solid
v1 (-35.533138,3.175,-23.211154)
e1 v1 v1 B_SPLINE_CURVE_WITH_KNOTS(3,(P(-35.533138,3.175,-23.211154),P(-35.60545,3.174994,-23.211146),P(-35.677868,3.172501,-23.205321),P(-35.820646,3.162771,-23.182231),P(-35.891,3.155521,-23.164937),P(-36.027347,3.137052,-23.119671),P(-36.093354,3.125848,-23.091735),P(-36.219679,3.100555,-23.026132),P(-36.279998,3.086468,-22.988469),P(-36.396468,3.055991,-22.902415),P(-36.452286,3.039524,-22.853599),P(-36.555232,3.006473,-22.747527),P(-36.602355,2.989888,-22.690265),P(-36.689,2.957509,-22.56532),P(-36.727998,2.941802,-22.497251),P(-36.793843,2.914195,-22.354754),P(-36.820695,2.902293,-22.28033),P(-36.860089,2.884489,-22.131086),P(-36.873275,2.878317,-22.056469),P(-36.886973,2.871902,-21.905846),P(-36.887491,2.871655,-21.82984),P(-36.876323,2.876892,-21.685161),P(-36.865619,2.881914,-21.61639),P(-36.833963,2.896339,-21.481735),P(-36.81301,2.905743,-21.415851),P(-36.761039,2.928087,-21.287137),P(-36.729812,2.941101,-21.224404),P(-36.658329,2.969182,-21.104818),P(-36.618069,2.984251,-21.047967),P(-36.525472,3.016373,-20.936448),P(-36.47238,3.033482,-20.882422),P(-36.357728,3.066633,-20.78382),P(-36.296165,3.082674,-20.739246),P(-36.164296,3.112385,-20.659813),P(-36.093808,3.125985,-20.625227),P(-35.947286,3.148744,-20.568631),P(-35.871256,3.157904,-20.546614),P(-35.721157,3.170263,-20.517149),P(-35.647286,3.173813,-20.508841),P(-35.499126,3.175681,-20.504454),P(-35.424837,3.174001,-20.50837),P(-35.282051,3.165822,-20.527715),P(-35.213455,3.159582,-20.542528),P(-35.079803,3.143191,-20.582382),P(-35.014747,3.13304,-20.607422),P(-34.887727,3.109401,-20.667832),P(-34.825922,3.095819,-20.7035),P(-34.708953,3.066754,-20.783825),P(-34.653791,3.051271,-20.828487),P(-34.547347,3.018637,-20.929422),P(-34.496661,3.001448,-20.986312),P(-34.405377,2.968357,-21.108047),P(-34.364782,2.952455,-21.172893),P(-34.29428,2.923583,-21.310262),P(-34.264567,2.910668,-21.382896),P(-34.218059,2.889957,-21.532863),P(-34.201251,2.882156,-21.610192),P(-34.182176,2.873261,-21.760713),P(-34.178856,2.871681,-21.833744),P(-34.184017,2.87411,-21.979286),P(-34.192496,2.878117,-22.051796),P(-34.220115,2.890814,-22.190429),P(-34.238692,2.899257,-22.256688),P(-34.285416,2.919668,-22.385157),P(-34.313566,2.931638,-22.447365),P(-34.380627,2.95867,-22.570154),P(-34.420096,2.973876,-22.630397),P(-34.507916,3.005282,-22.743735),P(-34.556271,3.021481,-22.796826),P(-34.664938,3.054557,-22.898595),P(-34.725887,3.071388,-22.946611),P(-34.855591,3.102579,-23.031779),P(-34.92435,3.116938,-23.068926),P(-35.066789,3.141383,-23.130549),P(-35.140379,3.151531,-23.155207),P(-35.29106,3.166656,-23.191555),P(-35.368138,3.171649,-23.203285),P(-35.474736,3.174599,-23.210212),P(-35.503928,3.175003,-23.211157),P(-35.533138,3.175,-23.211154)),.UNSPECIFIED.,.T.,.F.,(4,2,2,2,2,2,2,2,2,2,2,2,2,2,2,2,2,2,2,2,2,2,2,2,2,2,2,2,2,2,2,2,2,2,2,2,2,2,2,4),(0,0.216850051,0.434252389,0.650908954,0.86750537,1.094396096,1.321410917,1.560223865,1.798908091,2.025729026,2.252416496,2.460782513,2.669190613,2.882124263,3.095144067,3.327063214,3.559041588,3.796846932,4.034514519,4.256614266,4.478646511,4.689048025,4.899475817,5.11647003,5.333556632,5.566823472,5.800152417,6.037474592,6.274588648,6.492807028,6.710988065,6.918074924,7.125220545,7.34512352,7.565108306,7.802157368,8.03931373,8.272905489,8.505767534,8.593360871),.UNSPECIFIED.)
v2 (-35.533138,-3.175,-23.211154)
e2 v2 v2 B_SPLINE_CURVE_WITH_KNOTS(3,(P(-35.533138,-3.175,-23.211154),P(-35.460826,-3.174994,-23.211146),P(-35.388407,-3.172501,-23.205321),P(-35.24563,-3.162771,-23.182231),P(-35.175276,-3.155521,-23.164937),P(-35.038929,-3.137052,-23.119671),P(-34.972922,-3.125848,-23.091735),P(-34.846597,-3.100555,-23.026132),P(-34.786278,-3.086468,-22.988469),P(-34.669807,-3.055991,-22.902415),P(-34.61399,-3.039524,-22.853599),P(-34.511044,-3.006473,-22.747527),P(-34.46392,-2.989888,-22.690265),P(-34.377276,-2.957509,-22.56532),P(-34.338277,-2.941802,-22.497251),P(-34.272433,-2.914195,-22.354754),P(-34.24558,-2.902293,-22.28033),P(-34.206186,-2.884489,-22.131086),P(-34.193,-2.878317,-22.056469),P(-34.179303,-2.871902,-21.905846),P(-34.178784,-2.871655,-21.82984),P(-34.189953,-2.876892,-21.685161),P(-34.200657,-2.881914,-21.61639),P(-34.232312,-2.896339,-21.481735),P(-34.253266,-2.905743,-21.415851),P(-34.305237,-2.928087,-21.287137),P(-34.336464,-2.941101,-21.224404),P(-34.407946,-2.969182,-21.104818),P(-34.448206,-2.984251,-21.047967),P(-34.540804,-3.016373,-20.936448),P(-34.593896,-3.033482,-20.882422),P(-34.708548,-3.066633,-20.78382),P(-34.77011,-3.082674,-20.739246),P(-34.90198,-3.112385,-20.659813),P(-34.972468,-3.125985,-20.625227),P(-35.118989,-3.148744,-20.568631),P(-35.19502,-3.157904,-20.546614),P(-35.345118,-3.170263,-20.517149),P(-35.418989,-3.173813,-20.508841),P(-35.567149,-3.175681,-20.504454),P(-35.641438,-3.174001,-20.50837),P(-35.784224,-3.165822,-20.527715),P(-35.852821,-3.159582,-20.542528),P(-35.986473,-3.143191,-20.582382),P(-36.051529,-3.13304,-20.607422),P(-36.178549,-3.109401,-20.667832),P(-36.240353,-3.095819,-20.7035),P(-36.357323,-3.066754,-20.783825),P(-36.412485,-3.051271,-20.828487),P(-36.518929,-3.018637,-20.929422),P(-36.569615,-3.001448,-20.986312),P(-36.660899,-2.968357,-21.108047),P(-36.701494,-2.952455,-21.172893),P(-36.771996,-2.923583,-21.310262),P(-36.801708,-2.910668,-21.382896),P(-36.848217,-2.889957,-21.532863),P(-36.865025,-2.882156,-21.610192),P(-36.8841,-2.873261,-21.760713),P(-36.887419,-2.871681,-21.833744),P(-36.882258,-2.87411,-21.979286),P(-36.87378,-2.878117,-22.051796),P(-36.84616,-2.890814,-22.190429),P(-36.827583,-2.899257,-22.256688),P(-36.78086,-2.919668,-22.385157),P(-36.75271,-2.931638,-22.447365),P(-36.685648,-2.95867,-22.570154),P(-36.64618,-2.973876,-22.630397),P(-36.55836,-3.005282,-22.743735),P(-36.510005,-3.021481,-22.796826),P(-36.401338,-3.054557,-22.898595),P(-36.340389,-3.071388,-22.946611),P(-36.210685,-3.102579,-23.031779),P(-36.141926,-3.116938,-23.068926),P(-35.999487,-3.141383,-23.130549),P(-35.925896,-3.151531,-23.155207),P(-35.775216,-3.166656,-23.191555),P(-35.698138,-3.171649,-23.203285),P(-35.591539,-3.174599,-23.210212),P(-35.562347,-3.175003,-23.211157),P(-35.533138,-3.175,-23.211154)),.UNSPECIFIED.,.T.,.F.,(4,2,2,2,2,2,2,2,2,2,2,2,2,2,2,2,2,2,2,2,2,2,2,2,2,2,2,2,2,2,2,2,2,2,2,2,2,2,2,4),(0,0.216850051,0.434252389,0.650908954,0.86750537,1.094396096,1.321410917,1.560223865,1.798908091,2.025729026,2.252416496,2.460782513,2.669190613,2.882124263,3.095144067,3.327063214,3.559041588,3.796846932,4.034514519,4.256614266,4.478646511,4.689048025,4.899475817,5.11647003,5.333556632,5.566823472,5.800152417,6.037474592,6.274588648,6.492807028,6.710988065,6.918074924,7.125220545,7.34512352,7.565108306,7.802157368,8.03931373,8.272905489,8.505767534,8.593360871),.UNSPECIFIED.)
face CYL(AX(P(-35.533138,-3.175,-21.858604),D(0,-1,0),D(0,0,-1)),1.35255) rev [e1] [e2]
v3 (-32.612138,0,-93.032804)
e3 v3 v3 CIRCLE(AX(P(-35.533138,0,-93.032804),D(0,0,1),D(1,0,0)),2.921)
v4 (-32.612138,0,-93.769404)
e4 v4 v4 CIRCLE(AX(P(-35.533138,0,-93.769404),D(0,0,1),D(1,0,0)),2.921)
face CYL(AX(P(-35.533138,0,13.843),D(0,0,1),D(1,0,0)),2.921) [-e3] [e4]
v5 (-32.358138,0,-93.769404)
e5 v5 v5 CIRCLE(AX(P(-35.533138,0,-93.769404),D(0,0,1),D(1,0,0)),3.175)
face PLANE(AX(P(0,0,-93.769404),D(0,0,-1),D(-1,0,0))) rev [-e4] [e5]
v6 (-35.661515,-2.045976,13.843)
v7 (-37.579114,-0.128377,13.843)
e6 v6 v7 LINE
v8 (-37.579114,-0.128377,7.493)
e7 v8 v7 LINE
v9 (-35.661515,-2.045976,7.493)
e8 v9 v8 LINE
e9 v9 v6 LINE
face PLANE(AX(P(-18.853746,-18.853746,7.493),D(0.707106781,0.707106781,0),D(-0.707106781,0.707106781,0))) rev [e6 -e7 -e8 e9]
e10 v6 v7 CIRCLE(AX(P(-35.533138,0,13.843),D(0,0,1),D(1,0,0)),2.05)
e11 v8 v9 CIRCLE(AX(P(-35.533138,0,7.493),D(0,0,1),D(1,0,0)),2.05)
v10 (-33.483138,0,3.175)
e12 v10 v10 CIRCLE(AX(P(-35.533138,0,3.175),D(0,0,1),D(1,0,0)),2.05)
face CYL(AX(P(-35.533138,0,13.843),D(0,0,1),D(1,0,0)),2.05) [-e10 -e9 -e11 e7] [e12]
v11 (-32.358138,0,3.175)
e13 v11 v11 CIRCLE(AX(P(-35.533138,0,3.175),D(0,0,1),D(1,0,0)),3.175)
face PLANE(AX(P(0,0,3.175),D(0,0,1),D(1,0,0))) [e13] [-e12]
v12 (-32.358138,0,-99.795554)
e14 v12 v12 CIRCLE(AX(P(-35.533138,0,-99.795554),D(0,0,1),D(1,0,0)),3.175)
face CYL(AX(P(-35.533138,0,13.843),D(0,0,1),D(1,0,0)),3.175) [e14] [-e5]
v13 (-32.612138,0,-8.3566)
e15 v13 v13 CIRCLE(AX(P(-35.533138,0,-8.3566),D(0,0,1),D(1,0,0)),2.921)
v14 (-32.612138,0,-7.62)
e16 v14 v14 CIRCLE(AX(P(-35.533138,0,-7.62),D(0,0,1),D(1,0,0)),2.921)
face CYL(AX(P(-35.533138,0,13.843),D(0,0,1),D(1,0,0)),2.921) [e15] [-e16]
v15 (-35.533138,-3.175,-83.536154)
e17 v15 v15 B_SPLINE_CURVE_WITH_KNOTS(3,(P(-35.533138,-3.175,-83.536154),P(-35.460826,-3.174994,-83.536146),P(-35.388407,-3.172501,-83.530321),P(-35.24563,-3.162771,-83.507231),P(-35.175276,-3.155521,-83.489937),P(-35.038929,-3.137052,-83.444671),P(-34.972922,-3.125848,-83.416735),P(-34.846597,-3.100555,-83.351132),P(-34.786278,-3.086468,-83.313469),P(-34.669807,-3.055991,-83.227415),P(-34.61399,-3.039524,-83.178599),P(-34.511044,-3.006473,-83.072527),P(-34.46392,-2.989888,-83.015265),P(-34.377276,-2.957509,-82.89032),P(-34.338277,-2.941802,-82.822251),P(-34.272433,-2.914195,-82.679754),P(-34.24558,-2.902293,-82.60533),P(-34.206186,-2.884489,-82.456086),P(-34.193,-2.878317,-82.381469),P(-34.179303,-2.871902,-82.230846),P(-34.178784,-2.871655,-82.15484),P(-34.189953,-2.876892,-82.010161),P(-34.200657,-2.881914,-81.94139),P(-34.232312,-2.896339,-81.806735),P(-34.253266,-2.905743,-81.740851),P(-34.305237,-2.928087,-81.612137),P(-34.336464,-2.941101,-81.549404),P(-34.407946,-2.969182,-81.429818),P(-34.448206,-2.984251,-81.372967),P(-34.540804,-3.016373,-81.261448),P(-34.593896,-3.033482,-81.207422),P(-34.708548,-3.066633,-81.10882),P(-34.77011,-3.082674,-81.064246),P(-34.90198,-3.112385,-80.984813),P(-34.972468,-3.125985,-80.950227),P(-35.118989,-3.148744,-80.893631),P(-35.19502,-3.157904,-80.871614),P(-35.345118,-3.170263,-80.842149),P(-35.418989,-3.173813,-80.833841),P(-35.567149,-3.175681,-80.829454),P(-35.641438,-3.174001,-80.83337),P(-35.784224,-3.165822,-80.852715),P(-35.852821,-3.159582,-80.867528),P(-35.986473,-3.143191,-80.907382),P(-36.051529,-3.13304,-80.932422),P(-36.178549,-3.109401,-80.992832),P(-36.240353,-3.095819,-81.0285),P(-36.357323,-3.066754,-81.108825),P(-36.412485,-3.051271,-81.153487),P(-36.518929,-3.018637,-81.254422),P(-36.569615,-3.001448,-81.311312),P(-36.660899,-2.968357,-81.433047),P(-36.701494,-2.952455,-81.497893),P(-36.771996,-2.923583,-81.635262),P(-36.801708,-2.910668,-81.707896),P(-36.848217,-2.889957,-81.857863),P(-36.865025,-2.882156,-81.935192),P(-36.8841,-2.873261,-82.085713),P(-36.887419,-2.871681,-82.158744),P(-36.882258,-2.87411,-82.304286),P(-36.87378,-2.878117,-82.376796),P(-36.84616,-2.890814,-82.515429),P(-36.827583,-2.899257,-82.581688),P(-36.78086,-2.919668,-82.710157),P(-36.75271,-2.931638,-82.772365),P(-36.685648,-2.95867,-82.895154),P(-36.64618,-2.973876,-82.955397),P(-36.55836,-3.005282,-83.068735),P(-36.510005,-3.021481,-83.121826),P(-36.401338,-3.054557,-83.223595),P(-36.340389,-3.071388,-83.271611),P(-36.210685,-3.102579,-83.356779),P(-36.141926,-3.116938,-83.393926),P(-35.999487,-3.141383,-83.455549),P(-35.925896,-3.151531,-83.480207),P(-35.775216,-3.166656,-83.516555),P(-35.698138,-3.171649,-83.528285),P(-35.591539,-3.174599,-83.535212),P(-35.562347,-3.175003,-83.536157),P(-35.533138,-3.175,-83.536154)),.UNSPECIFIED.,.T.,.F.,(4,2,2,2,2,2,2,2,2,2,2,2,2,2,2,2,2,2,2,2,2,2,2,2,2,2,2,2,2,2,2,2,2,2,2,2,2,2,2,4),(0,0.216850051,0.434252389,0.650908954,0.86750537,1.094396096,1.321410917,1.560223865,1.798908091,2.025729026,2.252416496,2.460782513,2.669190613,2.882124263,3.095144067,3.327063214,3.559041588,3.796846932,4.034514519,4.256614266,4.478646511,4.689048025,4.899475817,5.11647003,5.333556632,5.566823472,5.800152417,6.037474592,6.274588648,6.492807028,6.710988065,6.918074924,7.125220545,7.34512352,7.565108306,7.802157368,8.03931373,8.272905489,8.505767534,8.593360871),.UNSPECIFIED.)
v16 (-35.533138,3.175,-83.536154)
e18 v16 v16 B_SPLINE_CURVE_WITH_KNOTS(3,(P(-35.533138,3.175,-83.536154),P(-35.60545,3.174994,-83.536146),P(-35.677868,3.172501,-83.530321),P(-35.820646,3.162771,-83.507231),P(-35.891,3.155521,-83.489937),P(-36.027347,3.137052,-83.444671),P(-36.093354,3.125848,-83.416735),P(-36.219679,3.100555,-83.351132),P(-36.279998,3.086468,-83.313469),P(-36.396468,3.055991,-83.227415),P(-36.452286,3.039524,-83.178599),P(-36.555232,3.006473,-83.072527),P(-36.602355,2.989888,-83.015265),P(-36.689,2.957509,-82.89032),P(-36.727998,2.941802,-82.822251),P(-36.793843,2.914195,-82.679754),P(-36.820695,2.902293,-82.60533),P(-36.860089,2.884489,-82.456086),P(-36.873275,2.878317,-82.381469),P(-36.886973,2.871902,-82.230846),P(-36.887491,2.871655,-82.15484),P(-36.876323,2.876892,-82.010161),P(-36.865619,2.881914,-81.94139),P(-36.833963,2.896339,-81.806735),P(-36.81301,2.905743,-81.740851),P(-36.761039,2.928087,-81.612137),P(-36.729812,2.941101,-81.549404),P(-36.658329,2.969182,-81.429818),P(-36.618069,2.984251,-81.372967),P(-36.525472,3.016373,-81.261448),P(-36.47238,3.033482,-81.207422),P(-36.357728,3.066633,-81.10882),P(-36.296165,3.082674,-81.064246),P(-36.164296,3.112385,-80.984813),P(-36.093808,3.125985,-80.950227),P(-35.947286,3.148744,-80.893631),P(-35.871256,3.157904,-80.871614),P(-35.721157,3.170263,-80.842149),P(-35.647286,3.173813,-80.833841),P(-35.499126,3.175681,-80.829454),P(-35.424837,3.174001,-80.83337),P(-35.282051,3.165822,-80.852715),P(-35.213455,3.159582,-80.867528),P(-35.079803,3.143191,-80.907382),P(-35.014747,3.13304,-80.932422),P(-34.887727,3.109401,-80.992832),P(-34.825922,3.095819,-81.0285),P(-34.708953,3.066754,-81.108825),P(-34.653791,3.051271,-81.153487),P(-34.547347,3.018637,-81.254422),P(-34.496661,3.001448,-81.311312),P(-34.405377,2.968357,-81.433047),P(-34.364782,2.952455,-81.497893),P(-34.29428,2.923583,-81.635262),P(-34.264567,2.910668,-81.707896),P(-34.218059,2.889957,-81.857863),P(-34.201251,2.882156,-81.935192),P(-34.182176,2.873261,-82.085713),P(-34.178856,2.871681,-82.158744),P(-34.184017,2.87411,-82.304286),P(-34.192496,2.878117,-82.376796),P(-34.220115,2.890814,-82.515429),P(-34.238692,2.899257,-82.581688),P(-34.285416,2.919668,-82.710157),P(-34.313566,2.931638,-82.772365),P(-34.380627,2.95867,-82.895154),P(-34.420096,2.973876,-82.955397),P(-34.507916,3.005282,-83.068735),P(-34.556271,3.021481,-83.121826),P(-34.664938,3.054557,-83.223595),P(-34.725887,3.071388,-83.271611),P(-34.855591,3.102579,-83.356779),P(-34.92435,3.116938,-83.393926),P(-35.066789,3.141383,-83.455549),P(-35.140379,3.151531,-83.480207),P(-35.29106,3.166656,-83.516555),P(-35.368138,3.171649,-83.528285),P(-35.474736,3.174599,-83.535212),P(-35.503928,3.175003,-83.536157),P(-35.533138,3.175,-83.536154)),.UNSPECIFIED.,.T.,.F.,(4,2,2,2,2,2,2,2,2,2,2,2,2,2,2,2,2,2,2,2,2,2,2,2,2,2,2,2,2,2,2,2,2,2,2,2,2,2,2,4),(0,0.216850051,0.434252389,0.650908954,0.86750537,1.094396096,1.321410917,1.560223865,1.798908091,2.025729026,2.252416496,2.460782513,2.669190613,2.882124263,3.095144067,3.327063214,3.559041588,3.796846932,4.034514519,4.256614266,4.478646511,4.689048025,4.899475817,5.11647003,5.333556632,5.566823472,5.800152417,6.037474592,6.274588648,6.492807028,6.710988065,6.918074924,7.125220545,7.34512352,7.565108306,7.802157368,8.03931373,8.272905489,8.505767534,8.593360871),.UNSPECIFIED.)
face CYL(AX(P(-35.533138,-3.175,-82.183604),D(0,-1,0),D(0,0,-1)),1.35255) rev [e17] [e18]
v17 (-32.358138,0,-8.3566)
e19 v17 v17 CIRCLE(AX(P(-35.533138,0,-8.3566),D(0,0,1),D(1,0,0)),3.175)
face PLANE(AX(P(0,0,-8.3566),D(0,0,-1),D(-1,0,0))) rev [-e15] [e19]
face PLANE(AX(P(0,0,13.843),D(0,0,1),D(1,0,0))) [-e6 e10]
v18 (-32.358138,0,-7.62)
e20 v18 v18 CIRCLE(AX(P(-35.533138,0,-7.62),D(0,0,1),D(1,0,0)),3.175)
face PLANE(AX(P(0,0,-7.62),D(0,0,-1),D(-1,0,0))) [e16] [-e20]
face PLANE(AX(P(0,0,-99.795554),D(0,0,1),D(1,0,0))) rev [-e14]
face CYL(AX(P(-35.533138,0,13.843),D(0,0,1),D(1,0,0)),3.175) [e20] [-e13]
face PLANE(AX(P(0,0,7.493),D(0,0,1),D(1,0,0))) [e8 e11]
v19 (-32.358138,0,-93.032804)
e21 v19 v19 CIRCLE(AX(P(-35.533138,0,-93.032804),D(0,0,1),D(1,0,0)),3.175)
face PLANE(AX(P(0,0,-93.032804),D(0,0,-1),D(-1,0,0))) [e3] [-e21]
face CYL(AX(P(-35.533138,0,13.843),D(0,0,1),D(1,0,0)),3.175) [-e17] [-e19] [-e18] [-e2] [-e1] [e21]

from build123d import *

# Parameters (mm, degrees)
SKETCH1_W                 = 3.175
SKETCH1_H                 = 9.525
SKETCH1_H_2               = 50.8
F_6_32_TAPPED_HOLE1_D     = 2.7051
F_6_32_TAPPED_HOLE1_DEPTH = 9.398
F_6_32_TAPPED_HOLE1_TIP   = 0.81269403
CUT_EXTRUDE1_DEPTH        = 6.35


with BuildPart() as part:
    # Sketch1 → Revolve1 (revolve)
    with BuildSketch(Plane(origin=(0, 0, 0), x_dir=(1, 0, 0), z_dir=(0, 1, 0)), mode=Mode.PRIVATE) as revolve1_sk:
        Polygon((-38.708137827, 86.94610411), (-35.533137827, 86.94610411), (-35.533137827, 99.795553682), (-38.708137827, 99.795553682), (-38.708137827, 93.769403682), (-38.454137827, 93.769403682), (-38.454137827, 93.032803682), (-38.708137827, 93.032803682), align=None)
        with Locations((-37.120637827, 82.18360411)):
            Rectangle(SKETCH1_W, SKETCH1_H)
        with Locations((-37.120637827, 52.02110411)):
            Rectangle(SKETCH1_W, SKETCH1_H_2)
        with Locations((-37.120637827, 21.85860411)):
            Rectangle(SKETCH1_W, SKETCH1_H)
        Polygon((-38.708137827, -3.175), (-37.583137827, -3.175), (-37.583137827, -13.843), (-35.533137827, -13.843), (-35.533137827, 17.09610411), (-38.708137827, 17.09610411), (-38.708137827, 8.3566), (-38.454137827, 8.3566), (-38.454137827, 7.62), (-38.708137827, 7.62), align=None)
    revolve(revolve1_sk.sketch.rotate(Axis((-35.533137827, 0, 13.843), (0, 0, -1)), 180), axis=Axis((-35.533137827, 0, 13.843), (0, 0, -1)))

    # #6-32 Tapped Hole1
    with Locations(Plane(origin=(0, -3.175, 0), x_dir=(-1, 0, 0), z_dir=(0, -1, 0))):
        with Locations((35.533137827, 82.18360411), (35.533137827, 21.85860411)):
            Hole(F_6_32_TAPPED_HOLE1_D / 2, depth=F_6_32_TAPPED_HOLE1_DEPTH)
            with Locations((0, 0, -(F_6_32_TAPPED_HOLE1_DEPTH + F_6_32_TAPPED_HOLE1_TIP / 2))):  # 118° drill point
                Cone(0, F_6_32_TAPPED_HOLE1_D / 2, F_6_32_TAPPED_HOLE1_TIP, mode=Mode.SUBTRACT)

    # Sketch4 → Cut-Extrude1 (cut)
    with BuildSketch(Plane.XY.offset(13.843)):
        Polygon((-19.85306803, -17.854423149), (-35.661514798, -2.045976381), (-37.579114208, -0.128376971), (-53.387560976, 15.680069797), (-85.00445451, -15.936823738), (-51.469961565, -49.471316683), align=None)
    extrude(amount=-CUT_EXTRUDE1_DEPTH, mode=Mode.SUBTRACT)


solid = part.part
